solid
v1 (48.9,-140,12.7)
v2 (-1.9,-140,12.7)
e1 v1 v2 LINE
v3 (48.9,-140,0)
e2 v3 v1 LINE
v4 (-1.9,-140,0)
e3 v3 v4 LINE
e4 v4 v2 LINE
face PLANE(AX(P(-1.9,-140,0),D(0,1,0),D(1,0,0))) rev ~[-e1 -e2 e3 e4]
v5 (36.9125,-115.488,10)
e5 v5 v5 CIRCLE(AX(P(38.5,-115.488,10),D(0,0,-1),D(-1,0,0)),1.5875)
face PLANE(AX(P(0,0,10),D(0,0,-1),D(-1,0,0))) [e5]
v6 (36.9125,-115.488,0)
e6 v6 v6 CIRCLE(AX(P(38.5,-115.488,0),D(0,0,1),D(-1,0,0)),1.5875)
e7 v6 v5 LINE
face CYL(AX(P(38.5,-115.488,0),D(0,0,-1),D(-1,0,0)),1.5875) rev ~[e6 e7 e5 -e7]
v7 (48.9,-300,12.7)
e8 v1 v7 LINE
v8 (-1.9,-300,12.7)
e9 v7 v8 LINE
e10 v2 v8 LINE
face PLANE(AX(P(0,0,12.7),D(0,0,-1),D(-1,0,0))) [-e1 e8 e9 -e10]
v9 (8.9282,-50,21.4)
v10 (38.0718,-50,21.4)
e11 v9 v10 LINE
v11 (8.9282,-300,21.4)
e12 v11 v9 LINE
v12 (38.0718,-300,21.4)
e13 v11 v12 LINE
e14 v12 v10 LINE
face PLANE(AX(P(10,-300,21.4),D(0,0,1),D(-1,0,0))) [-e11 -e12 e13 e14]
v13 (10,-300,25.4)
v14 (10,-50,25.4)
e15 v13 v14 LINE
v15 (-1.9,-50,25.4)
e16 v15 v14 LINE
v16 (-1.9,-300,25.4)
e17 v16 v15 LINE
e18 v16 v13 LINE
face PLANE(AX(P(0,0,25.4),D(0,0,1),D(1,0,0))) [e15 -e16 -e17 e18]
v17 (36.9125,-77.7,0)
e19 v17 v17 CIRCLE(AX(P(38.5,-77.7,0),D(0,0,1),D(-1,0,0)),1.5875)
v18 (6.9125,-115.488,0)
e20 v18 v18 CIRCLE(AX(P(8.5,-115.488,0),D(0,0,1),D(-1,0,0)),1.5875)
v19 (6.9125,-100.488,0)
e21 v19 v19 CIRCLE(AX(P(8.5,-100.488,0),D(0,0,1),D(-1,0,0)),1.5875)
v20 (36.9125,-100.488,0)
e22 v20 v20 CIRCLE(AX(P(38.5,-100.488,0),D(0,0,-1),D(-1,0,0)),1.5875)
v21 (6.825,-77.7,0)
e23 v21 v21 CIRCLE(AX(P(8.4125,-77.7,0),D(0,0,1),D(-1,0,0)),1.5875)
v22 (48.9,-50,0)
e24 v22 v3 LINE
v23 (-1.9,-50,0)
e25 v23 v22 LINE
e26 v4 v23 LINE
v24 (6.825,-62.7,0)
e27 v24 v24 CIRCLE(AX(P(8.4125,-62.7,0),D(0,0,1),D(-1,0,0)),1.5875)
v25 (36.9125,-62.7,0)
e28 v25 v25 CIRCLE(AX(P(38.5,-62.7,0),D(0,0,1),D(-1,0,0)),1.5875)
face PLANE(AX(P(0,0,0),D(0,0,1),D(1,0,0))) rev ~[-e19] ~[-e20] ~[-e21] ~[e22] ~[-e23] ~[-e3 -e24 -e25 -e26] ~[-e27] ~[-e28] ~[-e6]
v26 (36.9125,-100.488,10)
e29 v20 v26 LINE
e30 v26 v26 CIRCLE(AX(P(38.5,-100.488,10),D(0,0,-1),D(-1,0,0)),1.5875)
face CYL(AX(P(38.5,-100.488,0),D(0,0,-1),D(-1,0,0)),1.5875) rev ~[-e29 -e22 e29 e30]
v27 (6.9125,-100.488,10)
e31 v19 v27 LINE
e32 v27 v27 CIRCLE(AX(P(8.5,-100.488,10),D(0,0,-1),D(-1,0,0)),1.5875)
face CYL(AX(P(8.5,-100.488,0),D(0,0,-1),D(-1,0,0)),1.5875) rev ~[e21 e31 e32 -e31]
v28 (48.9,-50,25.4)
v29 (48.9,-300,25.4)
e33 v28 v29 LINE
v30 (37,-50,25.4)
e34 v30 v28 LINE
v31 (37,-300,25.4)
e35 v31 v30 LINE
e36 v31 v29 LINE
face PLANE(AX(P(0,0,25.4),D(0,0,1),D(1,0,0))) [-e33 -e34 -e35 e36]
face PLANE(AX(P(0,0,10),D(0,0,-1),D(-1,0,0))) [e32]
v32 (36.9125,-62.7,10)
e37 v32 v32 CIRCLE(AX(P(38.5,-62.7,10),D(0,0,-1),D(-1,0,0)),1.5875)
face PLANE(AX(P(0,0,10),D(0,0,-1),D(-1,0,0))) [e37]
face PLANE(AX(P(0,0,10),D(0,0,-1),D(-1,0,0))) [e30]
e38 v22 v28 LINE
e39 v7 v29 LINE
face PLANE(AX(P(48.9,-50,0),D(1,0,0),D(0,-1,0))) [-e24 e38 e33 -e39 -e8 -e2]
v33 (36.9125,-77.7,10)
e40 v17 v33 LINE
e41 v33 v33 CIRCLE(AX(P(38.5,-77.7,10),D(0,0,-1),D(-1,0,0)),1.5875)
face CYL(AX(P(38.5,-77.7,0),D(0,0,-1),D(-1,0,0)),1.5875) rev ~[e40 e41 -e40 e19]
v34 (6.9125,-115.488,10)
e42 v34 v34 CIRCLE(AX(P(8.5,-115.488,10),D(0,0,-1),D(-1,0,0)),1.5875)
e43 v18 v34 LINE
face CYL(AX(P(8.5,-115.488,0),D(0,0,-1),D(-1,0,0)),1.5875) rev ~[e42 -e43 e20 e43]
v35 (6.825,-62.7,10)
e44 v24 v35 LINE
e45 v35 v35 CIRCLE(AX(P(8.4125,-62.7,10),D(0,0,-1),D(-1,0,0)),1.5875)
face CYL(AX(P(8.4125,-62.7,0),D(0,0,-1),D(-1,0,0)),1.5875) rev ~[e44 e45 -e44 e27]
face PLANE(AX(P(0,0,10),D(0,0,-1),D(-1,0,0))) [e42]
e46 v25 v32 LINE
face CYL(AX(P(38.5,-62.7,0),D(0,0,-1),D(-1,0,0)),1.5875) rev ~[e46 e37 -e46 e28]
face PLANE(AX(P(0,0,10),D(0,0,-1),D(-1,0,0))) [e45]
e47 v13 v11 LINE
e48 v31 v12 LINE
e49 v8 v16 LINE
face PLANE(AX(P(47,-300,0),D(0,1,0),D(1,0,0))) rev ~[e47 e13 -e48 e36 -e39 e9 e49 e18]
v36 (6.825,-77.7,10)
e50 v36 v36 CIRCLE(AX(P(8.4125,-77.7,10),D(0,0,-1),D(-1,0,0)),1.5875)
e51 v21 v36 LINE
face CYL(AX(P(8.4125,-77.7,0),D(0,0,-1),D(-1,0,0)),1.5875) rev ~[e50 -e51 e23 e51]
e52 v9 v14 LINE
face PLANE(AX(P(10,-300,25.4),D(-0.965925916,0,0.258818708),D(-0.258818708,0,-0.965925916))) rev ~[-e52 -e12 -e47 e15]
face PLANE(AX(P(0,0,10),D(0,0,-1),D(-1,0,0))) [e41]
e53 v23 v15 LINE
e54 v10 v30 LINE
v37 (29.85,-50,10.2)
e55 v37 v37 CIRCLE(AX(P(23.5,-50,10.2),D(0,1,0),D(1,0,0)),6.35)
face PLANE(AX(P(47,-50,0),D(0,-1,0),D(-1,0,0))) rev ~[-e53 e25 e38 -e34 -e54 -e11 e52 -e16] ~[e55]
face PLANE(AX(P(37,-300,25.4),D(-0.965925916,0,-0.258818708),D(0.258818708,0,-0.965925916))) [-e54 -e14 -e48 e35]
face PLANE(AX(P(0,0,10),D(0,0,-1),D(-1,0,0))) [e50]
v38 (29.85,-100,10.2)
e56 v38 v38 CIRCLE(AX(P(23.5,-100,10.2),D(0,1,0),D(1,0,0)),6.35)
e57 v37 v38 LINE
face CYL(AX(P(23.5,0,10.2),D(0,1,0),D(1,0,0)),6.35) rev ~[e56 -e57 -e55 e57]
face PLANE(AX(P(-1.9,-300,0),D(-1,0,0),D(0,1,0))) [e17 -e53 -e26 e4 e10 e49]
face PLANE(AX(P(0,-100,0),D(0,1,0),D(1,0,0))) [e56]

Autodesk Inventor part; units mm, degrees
ref_plane "YZ Plane" through (0, 0, 0) normal (1, 0, 0) x (0, 1, 0)
ref_plane "XZ Plane" through (0, 0, 0) normal (0, 1, 0) x (-1, 0, 0)
ref_plane "XY Plane" through (0, 0, 0) normal (0, 0, 1) x (1, 0, 0)
sketch "Sketch1" plane through (0, 0, 0) normal (0, 0, 1) x (1, 0, 0)
  line L0 (0, 0) -> (47, 0)
  line L1 (47, 0) -> (47, -300)
  line L2 (47, -300) -> (0, -300)
  line L3 (0, -300) -> (0, 0)
  dimension "d0" = 47
  dimension "d1" = 300
extrude "Extrusion1" add sketch "Sketch1" along normal blind 25.4
sketch "Sketch2" plane through (0, -300, 0) normal (0, -1, 0) x (1, 0, 0)
  line L0 (0, 0) -> (0, 25.4) projected
  line L1 (0, 25.4) -> (47, 25.4) projected
  line L2 (0, 0) -> (10, 0)
  line L3 (10, 0) -> (10, 21.4)
  line L4 (10, 25.4) -> (0, 25.4)
  line L5 (0, 25.4) -> (0, 0)
  line L6 (0, 0) -> (47, 0) projected
  line L7 (47, 0) -> (37, 0)
  line L8 (37, 0) -> (37, 25.4)
  line L9 (37, 25.4) -> (47, 25.4)
  line L10 (47, 25.4) -> (47, 0)
  line L11 (10, 25.4) -> (3.1941, 0)
  line L12 (10, 25.4) -> (36.296, 25.4) construction
  line L13 (37, 25.4) -> (43.8059, 0)
  line L14 (37, 25.4) -> (63.296, 25.4) construction
  line L15 (37, 25.4) -> (37, 21.4)
  line L16 (37, 21.4) -> (8.9282, 21.4)
  line L17 (37, 21.4) -> (38.0718, 21.4)
  line L18 (10, 25.4) -> (37, 25.4)
  dimension "d4" = 10
  dimension "d5" = 10
  dimension "d6" = 105
  dimension "d7" = 75
  dimension "d8" = 4
extrude "Extrusion2" cut sketch "Sketch2" against normal blind 300 contours L1 L8 L16 L11 | L13 L17 L8
sketch "Sketch3" plane through (0, 0, 0) normal (0, 0, -1) x (-1, 0, 0)
  line L0 (-50.8, -30) -> (0, -30)
  line L1 (0, -30) -> (-50.8, -30)
  line L2 (0, 8.1) -> (0, -30)
  line L3 (-47, -30) -> (0, -30)
  line L4 (0, -15) -> (0, -30)
  line L5 (0, -30) -> (-47, -30)
  line L6 (-47, -30) -> (-47, -15)
  line L7 (-47, -15) -> (0, -15)
  line L8 (0, -15) -> (-47, -30) construction
  line L9 (0, -30) -> (-47, -15) construction
  line L10 (-47, 0) -> (0, 0)
  line L11 (0, 0) -> (-47, -15) construction
  line L12 (0, -15) -> (-47, 0) construction
  line L13 (-47, -15) -> (0, -15)
  line L14 (0, -15) -> (-47, -15)
  line L15 (0, 0) -> (0, -15)
  line L16 (-47, -15) -> (-47, 0)
  line L17 (-8.5, -22.5) -> (-8.5, -7.5)
  circle A0 centre (-8.5, -22.5) radius 1.5875
  circle A1 centre (-38.5, -22.5) radius 1.5875
  circle A2 centre (-38.5, -7.5) radius 1.5875
  circle A3 centre (-8.5, -7.5) radius 1.5875
  line L18 (-47, 0) -> (0, 0) projected
  line L19 (0, 0) -> (0, -122.988)
  line L20 (0, 0) -> (0, -300) projected
  line L21 (-50.8, -122.988) -> (0, -122.988)
  line L22 (0, -122.988) -> (-50.8, -122.988)
  line L23 (-47, -122.988) -> (0, -122.988)
  line L24 (0, -107.988) -> (0, -122.988)
  line L25 (0, -122.988) -> (-47, -122.988)
  line L26 (-47, -122.988) -> (-47, -107.988)
  line L27 (-47, -107.988) -> (0, -107.988)
  line L28 (0, -107.988) -> (-47, -122.988) construction
  line L29 (0, -122.988) -> (-47, -107.988) construction
  line L30 (-47, -92.988) -> (0, -92.988)
  line L31 (0, -92.988) -> (-47, -107.988) construction
  line L32 (0, -107.988) -> (-47, -92.988) construction
  line L33 (-47, -107.988) -> (0, -107.988)
  line L34 (0, -107.988) -> (-47, -107.988)
  line L35 (0, -92.988) -> (0, -107.988)
  line L36 (-47, -107.988) -> (-47, -92.988)
  line L37 (-8.5, -115.488) -> (-8.5, -100.488)
  circle A4 centre (-8.5, -115.488) radius 1.5875
  circle A5 centre (-38.5, -115.488) radius 1.5875
  circle A6 centre (-38.5, -100.488) radius 1.5875
  circle A7 centre (-8.5, -100.488) radius 1.5875
  line L38 (-16, -115.488) -> (-13.5, -115.488)
  line L39 (-13.5, -115.488) -> (-8.5, -115.488)
  line L40 (-31, -115.488) -> (-33.5, -115.488)
  line L41 (-33.5, -115.488) -> (-41, -115.488)
  line L42 (-41, -115.488) -> (-38.5, -115.488)
  point P0 (0, -6.35)
  point P1 (0, -30)
  point P2 (-27, -15)
  point P3 (-12, -15)
  point P4 (0, -15)
  point P5 (-10, 0)
  point P6 (0, -99.338)
  point P7 (-27, -107.988)
  point P8 (-12, -107.988)
  point P9 (0, -107.988)
  dimension "d11" = 15
  dimension "d12" = 15
  dimension "d13" = 3.175
  dimension "d14" = 3.175
  dimension "d15" = 3.175
  dimension "d16" = 3.175
  dimension "d17" = 122.988
  dimension "d18" = 15
  dimension "d19" = 15
  dimension "d20" = 3.175
  dimension "d21" = 3.175
  dimension "d22" = 3.175
  dimension "d23" = 3.175
  dimension "d30" = 5
  dimension "d31" = 7.5
  dimension "d32" = 2.5
extrude "Extrusion3" cut sketch "Sketch3" against normal blind 10 contours A0 | A7 | A3 | A4 L39 L37 | L37 L39 A4 | A1 | A2 | L41 A5 | A5 L41 | A6
sketch "Sketch4" plane through (0, -300, 0) normal (0, -1, 0) x (1, 0, 0)
  line L0 (0, 0) -> (47, 0) projected
  line L1 (47, 0) -> (47, 25.4) projected
  line L2 (0, 0) -> (47, 0)
  line L3 (47, 0) -> (47, 12.7)
  line L4 (47, 12.7) -> (0, 12.7)
  line L5 (0, 12.7) -> (0, 0)
  dimension "d27" = 12.7
extrude "Extrusion4" cut sketch "Sketch4" against normal blind 160
sketch "Sketch7" plane through (0, 0, 0) normal (0, 1, 0) x (1, 0, 0)
  line L0 (47, -25.4) -> (37, -25.4) projected
  line L1 (0, 0) -> (47, -25.4)
  line L2 (47, -25.4) -> (47, 0)
  line L3 (10, -25.4) -> (0, -25.4) projected
  line L4 (47, 0) -> (0, -25.4)
  circle A0 centre (23.5, -12.7) radius 6.35
  line L5 (23.5, -12.7) -> (21, -12.7)
  line L6 (0, -12.7) -> (47, -12.7) projected
  line L7 (23.5, -12.7) -> (23.5, -10.2)
  line L8 (23.5, -12.7) -> (26, -12.7) construction
  circle A1 centre (23.5, -10.2) radius 6.35
  dimension "d33" = 12.7
  dimension "d34" = 2.5
  dimension "d35" = 2.5
  dimension "d36" = 90
  dimension "d37" = 12.7
extrude "Extrusion5" cut sketch "Sketch7" against normal blind 100 contours A1 L4 A0 L1 | L1 A0 A1 | A0 L4 L1 | L1 L5 L6 A1 A0 | A1 A0 L4 | L6 A1 L1 | L1 A1 L4 | L4 A1 L6 L5 | L4 A0 A1 L6 picked at (23.5, -5.5468) picked at (27.3983, -11.8828)
sketch "Sketch9" plane through (0, 0, 0) normal (0, 0, -1) x (-1, 0, 0)
  circle A0 centre (-38.5, -22.5) radius 1.5875 projected
  circle A1 centre (-38.5, -100.488) radius 1.5875 projected
  line L0 (-38.5, -22.5) -> (-38.5, -100.488)
  line L1 (-38.5, -100.488) -> (-38.5, -62.7)
  circle A2 centre (-38.5, -115.488) radius 1.5875 projected
  line L2 (-38.5, -115.488) -> (-38.5, -77.7)
  circle A3 centre (-38.5, -62.7) radius 1.5875
  circle A4 centre (-38.5, -77.7) radius 1.5875
  line L3 (-38.5, -100.488) -> (-8.5476, -100.488)
  line L4 (-38.5, -77.7) -> (-8.4125, -77.7)
  circle A5 centre (-8.4125, -62.7) radius 1.5875
  circle A6 centre (-8.4125, -77.7) radius 1.5875
  line L5 (-10, -62.7) -> (-11.5875, -62.7)
  point P0 (0, 0)
  dimension "d40" = 37.788
  dimension "d41" = 37.788
  dimension "d42" = 3.175
  dimension "d43" = 3.175
  dimension "d44" = 3.175
  dimension "d45" = 3.175
  dimension "d59" = 1.5875
extrude "Extrusion6" cut sketch "Sketch9" against normal blind 10 contours A6 | A4 L4 L0 | L0 A4 | A3 L0 | L0 A3 | L4 A4 L0 | A5
sketch "Sketch10" plane through (0, 0, 0) normal (0, 0, -1) x (-1, 0, 0)
  line L0 (-47, -140) -> (-47, 0) projected
  line L1 (0, 0) -> (-47, 0)
  line L2 (-47, 0) -> (-47, -50)
  line L3 (-47, -50) -> (0, -50)
  line L4 (0, -50) -> (0, 0)
  point P0 (-47, 0)
  dimension "d48" = 50
extrude "Extrusion7" cut sketch "Sketch10" against normal blind 30
sketch "Sketch11" plane through (0, 0, 0) normal (0, 0, -1) x (-1, 0, 0)
  line L0 (-10, -50) -> (0, -50) projected
  line L1 (0, -50) -> (1.9, -50)
  line L2 (0, -50) -> (-47, -50) projected
  line L3 (-47, -50) -> (-48.9, -50)
  line L4 (-48.9, -50) -> (-48.9, -300)
  line L5 (-37, -300) -> (-47, -300) projected
  line L6 (-47, -300) -> (-48.9, -300)
  line L7 (-47, -300) -> (-47, -50) projected
  line L8 (-47, -50) -> (-47, -300)
  line L9 (0, -50) -> (0, -300) projected
  line L10 (0, -50) -> (0, -300)
  line L11 (0, -300) -> (0, -298.1)
  line L12 (1.9, -300) -> (0, -300)
  line L13 (1.9, -300) -> (1.9, -50)
  point P0 (0, 0)
  dimension "d51" = 1.9
  dimension "d52" = 1.9
  dimension "d53" = 1.9
extrude "Extrusion8" add sketch "Sketch11" against normal blind 25.4
sketch "Sketch12" plane through (0, 0, 0) normal (0, 0, -1) x (-1, 0, 0)
  line L0 (-37, -300) -> (-48.9, -300) projected
  line L1 (1.9, -50) -> (1.9, -300) projected
  line L2 (-48.9, -300) -> (1.9, -300)
  line L3 (1.9, -300) -> (1.9, -140)
  line L4 (1.9, -140) -> (-48.9, -140)
  line L5 (-48.9, -140) -> (-48.9, -300)
  point P0 (0, 0)
  dimension "d56" = 160
extrude "Extrusion9" cut sketch "Sketch12" against normal blind 12.7
properties part number "5211_Bias_TxRx_Relative_Dovetail_Female_MPSv2_v4" material "Polyethylene, High Density"
